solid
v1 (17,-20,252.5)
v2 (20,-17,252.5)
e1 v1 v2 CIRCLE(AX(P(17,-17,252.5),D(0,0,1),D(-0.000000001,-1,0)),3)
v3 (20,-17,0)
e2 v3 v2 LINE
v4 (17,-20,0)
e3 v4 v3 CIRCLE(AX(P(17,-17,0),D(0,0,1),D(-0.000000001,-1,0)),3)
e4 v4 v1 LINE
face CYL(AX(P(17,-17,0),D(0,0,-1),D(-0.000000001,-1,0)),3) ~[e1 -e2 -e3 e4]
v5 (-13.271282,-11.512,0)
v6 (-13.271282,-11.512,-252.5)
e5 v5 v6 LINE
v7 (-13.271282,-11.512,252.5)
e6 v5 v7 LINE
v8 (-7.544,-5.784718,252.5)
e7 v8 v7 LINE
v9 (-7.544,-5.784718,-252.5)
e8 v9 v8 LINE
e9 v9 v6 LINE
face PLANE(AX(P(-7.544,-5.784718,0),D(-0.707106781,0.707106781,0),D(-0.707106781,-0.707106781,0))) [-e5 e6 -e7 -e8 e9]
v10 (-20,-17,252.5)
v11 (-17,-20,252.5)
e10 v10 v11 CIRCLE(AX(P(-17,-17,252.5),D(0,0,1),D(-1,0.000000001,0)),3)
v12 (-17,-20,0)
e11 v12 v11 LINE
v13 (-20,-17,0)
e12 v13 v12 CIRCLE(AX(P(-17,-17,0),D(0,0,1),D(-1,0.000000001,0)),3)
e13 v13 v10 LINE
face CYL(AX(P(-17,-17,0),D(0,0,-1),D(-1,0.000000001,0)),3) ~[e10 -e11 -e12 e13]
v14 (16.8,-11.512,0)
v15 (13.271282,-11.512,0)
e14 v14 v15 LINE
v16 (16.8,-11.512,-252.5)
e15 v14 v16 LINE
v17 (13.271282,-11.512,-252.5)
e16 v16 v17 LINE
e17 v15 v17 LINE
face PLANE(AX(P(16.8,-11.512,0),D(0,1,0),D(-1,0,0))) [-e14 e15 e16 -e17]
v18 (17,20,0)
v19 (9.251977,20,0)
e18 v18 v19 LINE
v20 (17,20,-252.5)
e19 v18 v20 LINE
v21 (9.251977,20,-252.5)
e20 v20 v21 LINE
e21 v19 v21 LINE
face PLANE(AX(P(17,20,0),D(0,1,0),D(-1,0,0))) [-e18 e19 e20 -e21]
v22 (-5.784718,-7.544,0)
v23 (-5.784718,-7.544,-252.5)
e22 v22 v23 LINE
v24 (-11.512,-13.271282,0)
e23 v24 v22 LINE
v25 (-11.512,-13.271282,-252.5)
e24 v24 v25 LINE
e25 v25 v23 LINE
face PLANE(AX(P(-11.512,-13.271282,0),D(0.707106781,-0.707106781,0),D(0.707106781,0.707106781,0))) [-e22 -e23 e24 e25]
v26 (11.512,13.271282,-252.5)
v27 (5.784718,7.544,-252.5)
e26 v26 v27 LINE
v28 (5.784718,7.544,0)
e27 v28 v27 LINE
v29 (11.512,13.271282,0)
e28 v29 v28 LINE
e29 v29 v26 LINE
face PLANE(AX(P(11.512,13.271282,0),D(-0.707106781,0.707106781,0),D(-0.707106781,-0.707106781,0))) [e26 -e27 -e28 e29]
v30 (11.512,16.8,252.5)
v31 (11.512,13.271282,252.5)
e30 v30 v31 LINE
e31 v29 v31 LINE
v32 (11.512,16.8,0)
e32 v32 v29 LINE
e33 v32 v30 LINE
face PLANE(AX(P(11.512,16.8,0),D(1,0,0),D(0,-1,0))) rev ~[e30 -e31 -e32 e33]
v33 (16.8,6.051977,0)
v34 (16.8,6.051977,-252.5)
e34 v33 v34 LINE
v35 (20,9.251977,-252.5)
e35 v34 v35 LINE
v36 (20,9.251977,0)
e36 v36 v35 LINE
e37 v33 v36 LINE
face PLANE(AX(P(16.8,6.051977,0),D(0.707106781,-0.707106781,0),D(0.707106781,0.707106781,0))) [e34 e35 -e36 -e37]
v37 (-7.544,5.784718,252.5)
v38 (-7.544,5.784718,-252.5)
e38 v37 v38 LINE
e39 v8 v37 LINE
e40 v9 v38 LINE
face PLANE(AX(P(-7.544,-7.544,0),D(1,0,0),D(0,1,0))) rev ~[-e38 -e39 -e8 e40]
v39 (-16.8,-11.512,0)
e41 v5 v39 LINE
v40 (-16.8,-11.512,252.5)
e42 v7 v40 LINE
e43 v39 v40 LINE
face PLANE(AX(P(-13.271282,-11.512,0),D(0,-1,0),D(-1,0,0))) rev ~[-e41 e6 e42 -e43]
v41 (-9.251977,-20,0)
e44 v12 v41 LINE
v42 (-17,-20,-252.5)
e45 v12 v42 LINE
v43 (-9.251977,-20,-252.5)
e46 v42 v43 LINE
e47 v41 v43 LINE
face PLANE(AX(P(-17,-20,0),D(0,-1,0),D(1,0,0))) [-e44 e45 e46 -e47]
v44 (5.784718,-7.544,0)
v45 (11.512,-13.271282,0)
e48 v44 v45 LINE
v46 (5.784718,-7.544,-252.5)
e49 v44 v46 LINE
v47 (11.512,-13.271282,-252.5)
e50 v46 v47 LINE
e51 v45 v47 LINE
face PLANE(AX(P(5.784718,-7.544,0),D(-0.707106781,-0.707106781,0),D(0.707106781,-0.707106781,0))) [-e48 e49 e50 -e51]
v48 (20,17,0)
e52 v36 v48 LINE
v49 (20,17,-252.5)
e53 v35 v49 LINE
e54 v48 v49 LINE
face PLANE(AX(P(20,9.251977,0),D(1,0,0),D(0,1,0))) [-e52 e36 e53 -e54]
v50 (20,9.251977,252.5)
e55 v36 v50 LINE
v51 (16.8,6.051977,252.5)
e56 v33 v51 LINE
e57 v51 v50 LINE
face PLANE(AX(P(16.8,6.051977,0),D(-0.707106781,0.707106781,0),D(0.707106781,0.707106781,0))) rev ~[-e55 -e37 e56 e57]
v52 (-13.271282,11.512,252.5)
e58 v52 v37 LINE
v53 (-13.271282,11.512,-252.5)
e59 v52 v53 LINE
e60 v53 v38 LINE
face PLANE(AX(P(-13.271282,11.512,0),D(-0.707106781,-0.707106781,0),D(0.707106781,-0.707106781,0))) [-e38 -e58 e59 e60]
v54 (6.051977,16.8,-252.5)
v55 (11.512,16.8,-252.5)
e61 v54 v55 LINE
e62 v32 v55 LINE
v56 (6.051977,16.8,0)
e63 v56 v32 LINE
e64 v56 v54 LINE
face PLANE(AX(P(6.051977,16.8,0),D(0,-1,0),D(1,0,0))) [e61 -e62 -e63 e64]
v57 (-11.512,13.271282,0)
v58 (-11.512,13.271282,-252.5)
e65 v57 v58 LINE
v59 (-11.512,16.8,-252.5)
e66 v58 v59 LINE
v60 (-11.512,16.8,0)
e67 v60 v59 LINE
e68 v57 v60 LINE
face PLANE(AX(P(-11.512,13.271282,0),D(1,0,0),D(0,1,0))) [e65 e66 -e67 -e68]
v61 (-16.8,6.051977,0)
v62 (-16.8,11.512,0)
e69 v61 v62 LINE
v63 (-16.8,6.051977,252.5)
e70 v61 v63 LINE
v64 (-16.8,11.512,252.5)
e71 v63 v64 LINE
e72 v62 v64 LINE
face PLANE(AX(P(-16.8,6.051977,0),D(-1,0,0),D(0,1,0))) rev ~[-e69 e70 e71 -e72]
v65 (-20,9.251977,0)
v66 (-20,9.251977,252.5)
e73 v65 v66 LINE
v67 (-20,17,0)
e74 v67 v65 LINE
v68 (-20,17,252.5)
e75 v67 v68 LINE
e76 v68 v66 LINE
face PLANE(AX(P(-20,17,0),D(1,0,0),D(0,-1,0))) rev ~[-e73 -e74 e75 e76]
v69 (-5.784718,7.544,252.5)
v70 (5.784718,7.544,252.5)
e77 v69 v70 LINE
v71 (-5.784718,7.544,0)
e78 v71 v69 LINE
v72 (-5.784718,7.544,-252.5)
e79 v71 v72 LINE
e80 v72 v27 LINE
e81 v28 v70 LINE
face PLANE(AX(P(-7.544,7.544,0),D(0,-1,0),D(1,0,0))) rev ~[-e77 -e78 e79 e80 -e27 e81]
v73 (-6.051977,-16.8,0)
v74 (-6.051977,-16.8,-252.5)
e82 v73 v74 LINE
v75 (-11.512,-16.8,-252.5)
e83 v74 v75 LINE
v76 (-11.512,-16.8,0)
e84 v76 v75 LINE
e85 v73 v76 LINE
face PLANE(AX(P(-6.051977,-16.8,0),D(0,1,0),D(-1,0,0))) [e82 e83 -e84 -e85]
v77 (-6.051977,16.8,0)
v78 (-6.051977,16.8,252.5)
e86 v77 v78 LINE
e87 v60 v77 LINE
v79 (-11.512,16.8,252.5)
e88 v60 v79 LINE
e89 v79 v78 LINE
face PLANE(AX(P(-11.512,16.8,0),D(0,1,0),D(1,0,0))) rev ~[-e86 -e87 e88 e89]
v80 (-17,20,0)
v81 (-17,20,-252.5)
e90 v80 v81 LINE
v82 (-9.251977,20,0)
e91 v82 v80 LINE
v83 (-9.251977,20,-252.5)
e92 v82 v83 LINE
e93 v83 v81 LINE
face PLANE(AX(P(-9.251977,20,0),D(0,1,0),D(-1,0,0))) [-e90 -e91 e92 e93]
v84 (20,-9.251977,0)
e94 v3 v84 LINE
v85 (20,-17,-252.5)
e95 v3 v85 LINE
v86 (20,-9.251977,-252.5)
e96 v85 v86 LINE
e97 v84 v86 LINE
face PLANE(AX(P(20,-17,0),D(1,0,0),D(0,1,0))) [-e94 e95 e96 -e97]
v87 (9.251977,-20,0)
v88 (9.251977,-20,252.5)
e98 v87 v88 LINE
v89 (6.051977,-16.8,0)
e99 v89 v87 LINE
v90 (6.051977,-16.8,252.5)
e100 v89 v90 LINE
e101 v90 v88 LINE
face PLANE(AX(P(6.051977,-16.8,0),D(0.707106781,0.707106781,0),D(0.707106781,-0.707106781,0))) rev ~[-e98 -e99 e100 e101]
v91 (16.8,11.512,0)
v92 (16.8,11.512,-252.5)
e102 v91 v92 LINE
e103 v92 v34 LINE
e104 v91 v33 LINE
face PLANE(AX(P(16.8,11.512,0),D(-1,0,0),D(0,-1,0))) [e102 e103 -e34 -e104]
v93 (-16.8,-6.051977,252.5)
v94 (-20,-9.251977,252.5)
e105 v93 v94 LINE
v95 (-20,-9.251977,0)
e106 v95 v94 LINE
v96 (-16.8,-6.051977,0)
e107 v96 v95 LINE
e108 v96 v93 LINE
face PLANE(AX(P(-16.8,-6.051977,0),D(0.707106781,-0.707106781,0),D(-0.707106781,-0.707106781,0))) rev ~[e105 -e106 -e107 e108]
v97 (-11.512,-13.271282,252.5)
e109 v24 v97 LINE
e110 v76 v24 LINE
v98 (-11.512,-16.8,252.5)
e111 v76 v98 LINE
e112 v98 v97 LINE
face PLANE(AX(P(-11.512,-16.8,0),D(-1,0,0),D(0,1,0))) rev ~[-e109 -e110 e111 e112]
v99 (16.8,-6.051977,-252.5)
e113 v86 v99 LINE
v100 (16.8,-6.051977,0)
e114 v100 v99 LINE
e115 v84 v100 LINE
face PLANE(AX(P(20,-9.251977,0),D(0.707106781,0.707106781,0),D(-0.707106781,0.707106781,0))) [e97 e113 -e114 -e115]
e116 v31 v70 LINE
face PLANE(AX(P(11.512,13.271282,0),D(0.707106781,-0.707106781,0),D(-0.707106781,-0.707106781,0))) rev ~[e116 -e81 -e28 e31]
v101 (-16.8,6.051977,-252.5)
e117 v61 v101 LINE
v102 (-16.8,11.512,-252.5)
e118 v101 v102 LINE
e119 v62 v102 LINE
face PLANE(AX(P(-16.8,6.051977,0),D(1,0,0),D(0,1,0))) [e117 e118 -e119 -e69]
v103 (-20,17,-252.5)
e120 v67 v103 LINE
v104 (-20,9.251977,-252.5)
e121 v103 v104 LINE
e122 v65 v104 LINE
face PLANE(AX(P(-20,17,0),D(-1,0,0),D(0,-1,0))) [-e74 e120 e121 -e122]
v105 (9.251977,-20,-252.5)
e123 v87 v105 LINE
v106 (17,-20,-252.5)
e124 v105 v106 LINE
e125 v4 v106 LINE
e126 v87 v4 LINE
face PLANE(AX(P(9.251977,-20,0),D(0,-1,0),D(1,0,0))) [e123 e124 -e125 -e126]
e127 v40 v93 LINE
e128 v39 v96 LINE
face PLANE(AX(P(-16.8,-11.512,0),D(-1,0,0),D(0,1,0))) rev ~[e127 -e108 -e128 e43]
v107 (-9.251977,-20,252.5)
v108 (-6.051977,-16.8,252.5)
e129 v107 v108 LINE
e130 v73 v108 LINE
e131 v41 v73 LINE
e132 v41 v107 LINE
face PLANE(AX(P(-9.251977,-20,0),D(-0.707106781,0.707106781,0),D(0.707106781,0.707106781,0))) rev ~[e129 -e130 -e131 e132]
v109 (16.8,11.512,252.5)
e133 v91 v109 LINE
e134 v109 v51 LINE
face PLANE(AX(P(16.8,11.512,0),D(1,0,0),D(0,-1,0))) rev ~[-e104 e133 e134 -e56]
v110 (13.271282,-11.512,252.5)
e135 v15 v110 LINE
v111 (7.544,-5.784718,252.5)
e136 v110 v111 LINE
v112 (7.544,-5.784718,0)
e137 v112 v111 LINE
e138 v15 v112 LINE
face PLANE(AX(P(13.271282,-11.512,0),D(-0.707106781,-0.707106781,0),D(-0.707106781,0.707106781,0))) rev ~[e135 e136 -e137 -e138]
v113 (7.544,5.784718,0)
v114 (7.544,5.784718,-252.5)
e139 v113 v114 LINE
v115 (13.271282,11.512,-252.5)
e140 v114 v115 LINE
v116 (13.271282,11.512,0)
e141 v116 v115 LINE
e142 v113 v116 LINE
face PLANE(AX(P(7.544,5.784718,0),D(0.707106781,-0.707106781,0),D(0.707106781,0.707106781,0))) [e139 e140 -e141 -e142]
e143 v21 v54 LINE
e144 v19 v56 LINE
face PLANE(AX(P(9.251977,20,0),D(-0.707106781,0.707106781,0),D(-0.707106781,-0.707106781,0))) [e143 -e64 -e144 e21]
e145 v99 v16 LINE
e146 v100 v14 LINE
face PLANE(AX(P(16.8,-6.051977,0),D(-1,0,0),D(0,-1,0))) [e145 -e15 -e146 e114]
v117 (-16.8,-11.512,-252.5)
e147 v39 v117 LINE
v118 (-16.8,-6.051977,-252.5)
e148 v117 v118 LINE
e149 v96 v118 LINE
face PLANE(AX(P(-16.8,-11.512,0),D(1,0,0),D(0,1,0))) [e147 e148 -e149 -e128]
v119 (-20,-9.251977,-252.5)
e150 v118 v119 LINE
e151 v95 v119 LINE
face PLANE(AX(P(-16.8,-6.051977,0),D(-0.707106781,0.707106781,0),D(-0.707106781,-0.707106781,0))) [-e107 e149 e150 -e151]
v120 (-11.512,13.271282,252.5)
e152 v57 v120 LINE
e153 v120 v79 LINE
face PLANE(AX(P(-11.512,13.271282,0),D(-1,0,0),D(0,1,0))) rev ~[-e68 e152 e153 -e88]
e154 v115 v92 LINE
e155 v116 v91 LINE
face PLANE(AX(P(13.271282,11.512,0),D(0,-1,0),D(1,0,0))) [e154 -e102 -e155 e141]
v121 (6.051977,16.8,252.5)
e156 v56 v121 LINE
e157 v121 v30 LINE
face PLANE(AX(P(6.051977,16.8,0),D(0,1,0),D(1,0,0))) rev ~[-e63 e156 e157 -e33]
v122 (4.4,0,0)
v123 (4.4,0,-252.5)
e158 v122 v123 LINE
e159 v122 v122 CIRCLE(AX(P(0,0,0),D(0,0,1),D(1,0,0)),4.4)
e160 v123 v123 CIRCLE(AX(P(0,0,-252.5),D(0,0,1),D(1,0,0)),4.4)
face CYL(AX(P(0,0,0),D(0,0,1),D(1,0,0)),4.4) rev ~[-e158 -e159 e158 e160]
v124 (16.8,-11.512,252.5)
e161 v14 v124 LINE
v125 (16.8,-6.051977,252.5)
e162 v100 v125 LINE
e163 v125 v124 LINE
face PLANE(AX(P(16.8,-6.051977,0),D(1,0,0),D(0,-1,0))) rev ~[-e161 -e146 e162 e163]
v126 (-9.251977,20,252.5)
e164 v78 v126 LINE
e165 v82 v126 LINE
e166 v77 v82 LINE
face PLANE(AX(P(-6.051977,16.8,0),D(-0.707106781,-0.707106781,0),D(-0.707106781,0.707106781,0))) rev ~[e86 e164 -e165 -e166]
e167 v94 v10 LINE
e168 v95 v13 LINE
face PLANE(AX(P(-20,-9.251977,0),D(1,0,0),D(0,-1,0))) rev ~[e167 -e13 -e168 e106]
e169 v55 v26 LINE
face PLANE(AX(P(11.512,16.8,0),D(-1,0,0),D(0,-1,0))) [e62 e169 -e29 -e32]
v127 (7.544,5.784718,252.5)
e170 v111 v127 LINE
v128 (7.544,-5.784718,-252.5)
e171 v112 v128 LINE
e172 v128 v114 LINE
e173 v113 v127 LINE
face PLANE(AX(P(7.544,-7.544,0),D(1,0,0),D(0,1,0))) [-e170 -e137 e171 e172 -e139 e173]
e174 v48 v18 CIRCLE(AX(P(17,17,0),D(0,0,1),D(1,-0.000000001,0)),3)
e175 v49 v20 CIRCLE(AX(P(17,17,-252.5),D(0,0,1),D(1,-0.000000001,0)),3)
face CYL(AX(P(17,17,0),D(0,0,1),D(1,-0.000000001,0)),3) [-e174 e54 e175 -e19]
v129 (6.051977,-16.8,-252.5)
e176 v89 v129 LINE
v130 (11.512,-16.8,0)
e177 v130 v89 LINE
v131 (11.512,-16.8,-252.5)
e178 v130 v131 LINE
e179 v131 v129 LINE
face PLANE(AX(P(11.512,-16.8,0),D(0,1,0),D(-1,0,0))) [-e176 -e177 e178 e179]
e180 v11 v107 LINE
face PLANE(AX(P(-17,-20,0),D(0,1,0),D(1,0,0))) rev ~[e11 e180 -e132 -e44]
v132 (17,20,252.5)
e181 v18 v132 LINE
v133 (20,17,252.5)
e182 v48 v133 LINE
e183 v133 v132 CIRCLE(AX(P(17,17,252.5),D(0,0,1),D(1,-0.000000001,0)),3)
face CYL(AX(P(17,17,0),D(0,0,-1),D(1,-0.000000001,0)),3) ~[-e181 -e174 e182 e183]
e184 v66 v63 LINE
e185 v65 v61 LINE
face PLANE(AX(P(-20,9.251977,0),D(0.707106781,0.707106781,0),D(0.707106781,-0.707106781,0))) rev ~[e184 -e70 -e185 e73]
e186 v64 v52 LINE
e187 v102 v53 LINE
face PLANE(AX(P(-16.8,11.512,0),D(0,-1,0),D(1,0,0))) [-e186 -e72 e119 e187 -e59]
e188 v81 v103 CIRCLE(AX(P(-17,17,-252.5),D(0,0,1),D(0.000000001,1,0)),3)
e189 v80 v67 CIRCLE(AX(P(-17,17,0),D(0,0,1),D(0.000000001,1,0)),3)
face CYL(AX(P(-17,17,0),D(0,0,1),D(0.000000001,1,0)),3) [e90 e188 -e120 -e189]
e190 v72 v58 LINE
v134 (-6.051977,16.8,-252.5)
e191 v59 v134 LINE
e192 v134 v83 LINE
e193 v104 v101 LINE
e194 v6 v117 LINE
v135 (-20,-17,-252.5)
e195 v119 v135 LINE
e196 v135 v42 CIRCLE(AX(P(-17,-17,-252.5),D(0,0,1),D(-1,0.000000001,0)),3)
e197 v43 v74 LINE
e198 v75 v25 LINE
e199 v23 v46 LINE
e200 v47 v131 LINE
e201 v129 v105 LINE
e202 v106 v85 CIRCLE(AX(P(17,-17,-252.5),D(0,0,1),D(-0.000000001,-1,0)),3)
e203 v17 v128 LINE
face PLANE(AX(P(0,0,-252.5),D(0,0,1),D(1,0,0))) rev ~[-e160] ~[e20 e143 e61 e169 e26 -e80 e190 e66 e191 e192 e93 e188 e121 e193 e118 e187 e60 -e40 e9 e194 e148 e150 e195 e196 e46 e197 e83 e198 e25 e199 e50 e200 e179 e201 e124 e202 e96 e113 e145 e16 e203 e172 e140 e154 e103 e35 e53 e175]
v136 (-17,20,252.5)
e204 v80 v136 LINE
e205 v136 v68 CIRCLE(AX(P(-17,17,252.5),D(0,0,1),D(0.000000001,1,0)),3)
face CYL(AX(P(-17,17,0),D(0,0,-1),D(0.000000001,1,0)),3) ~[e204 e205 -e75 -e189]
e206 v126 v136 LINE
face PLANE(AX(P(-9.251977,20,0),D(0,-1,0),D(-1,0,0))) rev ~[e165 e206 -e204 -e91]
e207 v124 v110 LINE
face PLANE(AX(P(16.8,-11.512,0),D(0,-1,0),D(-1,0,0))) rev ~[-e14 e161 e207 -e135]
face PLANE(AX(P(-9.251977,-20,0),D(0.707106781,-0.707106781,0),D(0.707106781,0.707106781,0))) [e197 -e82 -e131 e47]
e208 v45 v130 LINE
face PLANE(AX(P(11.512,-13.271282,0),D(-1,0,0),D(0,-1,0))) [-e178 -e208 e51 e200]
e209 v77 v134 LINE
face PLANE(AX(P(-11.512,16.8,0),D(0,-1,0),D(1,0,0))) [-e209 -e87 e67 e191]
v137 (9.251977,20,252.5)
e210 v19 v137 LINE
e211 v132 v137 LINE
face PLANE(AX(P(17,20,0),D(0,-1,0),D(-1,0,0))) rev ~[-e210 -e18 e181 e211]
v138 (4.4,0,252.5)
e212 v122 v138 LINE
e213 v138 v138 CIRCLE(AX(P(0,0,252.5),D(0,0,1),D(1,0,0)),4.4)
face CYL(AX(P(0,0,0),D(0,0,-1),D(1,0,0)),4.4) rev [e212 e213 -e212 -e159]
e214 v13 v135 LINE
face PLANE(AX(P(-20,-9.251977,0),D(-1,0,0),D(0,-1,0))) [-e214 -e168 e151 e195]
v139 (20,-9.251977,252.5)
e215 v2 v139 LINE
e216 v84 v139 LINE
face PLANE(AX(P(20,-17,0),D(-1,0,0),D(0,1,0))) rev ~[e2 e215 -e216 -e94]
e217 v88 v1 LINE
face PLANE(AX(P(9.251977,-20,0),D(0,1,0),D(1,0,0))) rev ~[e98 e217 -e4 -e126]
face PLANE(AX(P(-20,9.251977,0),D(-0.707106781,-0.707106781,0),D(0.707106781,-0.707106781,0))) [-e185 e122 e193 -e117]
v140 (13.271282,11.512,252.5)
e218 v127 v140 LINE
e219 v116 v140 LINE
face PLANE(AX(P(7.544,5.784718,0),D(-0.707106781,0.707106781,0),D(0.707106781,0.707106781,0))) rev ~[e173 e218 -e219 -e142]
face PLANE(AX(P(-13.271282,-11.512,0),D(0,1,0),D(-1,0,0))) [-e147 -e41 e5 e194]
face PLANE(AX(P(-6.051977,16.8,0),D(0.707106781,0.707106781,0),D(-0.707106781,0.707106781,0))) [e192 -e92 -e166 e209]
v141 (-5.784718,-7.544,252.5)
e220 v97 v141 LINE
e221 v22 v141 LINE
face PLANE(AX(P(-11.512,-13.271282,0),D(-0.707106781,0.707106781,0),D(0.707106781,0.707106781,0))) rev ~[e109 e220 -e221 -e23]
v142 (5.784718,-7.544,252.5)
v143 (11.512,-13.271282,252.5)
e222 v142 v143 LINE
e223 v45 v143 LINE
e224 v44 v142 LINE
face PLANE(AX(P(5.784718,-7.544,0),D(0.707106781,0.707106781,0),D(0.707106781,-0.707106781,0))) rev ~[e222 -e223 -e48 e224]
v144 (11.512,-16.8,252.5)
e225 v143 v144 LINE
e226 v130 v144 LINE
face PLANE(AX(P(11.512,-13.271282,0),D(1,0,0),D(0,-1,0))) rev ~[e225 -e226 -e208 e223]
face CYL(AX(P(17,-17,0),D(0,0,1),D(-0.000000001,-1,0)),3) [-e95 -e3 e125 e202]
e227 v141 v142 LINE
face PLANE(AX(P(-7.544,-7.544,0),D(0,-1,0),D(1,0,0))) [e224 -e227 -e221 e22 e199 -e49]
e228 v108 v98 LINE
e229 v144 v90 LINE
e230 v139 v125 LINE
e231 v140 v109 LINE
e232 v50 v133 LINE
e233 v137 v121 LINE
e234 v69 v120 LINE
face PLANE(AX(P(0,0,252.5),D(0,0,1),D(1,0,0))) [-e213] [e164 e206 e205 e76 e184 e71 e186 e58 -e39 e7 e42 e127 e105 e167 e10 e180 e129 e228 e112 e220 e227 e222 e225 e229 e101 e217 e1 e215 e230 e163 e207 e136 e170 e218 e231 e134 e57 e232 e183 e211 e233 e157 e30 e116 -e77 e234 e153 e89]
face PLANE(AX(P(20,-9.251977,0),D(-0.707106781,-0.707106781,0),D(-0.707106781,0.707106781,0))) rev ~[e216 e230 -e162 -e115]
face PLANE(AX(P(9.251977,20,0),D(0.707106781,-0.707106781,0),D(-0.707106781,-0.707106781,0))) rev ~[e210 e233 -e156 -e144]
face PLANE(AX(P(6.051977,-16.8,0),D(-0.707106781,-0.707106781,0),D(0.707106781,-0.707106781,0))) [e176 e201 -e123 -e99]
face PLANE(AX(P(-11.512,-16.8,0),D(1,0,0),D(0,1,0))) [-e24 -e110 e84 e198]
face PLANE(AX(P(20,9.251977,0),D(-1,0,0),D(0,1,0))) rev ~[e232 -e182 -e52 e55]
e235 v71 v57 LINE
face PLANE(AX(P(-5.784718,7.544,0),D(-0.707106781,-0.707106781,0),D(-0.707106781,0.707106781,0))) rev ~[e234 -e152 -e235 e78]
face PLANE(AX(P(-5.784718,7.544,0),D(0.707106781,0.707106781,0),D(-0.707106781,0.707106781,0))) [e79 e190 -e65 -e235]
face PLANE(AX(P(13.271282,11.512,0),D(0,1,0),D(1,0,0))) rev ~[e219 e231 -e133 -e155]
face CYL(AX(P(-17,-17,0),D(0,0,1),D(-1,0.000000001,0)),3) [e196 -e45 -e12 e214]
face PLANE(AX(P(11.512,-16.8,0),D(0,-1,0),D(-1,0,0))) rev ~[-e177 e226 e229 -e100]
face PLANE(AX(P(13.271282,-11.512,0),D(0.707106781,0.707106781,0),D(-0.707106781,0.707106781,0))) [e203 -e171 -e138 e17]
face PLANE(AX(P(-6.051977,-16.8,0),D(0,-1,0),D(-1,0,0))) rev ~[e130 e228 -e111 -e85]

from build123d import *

# Parameters (mm, degrees)
SKETCH1_W           = 15.088
SKETCH1_H           = 15.088
SKETCH1_R           = 4.4
BOSS_EXTRUDE1_DEPTH = 252.5


with BuildPart() as part:
    # Sketch1 → Boss-Extrude1 (new, symmetric)
    # profile 1 of 5: a face of its own
    with BuildSketch(Plane.XY):
        with BuildLine():
            Line((-7.544, 7.544), (-5.784718328, 7.544))
            Line((-5.784718328, 7.544), (-11.512, 13.271281672))
            Line((-11.512, 13.271281672), (-11.512, 16.8))
            Line((-11.512, 16.8), (-6.051976926, 16.8))
            Line((-6.051976926, 16.8), (-9.251976926, 20))
            Line((-9.251976926, 20), (-17, 20))
            ThreePointArc((-17, 20), (-19.121320344, 19.121320344), (-20, 17))
            Line((-20, 17), (-20, 9.251976926))
            Line((-20, 9.251976926), (-16.8, 6.051976926))
            Line((-16.8, 6.051976926), (-16.8, 11.512))
            Line((-16.8, 11.512), (-13.271281672, 11.512))
            Line((-13.271281672, 11.512), (-7.544, 5.784718328))
            Line((-7.544, 5.784718328), (-7.544, 7.544))
        make_face()
    # profile 2 of 5: a face of its own
    with BuildSketch(Plane.XY):
        with BuildLine():
            Line((11.512, 13.271281672), (5.784718328, 7.544))
            Line((5.784718328, 7.544), (7.544, 7.544))
            Line((7.544, 7.544), (7.544, 5.784718328))
            Line((7.544, 5.784718328), (13.271281672, 11.512))
            Line((13.271281672, 11.512), (16.8, 11.512))
            Line((16.8, 11.512), (16.8, 6.051976926))
            Line((16.8, 6.051976926), (20, 9.251976926))
            Line((20, 9.251976926), (20, 17))
            ThreePointArc((20, 17), (19.121320344, 19.121320344), (17, 20))
            Line((17, 20), (9.251976926, 20))
            Line((9.251976926, 20), (6.051976926, 16.8))
            Line((6.051976926, 16.8), (11.512, 16.8))
            Line((11.512, 16.8), (11.512, 13.271281672))
        make_face()
    # profile 3 of 5: a face of its own
    with BuildSketch(Plane.XY):
        with BuildLine():
            Line((-7.544, -7.544), (-7.544, -5.784718328))
            Line((-7.544, -5.784718328), (-13.271281672, -11.512))
            Line((-13.271281672, -11.512), (-16.8, -11.512))
            Line((-16.8, -11.512), (-16.8, -6.051976926))
            Line((-16.8, -6.051976926), (-20, -9.251976926))
            Line((-20, -9.251976926), (-20, -17))
            ThreePointArc((-20, -17), (-19.121320344, -19.121320344), (-17, -20))
            Line((-17, -20), (-9.251976926, -20))
            Line((-9.251976926, -20), (-6.051976926, -16.8))
            Line((-6.051976926, -16.8), (-11.512, -16.8))
            Line((-11.512, -16.8), (-11.512, -13.271281672))
            Line((-11.512, -13.271281672), (-5.784718328, -7.544))
            Line((-5.784718328, -7.544), (-7.544, -7.544))
        make_face()
    # profile 4 of 5: a face of its own
    with BuildSketch(Plane.XY):
        with BuildLine():
            Line((13.271281672, -11.512), (7.544, -5.784718328))
            Line((7.544, -5.784718328), (7.544, -7.544))
            Line((7.544, -7.544), (5.784718328, -7.544))
            Line((5.784718328, -7.544), (11.512, -13.271281672))
            Line((11.512, -13.271281672), (11.512, -16.8))
            Line((11.512, -16.8), (6.051976926, -16.8))
            Line((6.051976926, -16.8), (9.251976926, -20))
            Line((9.251976926, -20), (17, -20))
            ThreePointArc((17, -20), (19.121320344, -19.121320344), (20, -17))
            Line((20, -17), (20, -9.251976926))
            Line((20, -9.251976926), (16.8, -6.051976926))
            Line((16.8, -6.051976926), (16.8, -11.512))
            Line((16.8, -11.512), (13.271281672, -11.512))
        make_face()
    # profile 5 of 5: a face of its own
    with BuildSketch(Plane.XY):
        Rectangle(SKETCH1_W, SKETCH1_H)
        Circle(SKETCH1_R, mode=Mode.SUBTRACT)
    extrude(amount=BOSS_EXTRUDE1_DEPTH, both=True)


solid = part.part
